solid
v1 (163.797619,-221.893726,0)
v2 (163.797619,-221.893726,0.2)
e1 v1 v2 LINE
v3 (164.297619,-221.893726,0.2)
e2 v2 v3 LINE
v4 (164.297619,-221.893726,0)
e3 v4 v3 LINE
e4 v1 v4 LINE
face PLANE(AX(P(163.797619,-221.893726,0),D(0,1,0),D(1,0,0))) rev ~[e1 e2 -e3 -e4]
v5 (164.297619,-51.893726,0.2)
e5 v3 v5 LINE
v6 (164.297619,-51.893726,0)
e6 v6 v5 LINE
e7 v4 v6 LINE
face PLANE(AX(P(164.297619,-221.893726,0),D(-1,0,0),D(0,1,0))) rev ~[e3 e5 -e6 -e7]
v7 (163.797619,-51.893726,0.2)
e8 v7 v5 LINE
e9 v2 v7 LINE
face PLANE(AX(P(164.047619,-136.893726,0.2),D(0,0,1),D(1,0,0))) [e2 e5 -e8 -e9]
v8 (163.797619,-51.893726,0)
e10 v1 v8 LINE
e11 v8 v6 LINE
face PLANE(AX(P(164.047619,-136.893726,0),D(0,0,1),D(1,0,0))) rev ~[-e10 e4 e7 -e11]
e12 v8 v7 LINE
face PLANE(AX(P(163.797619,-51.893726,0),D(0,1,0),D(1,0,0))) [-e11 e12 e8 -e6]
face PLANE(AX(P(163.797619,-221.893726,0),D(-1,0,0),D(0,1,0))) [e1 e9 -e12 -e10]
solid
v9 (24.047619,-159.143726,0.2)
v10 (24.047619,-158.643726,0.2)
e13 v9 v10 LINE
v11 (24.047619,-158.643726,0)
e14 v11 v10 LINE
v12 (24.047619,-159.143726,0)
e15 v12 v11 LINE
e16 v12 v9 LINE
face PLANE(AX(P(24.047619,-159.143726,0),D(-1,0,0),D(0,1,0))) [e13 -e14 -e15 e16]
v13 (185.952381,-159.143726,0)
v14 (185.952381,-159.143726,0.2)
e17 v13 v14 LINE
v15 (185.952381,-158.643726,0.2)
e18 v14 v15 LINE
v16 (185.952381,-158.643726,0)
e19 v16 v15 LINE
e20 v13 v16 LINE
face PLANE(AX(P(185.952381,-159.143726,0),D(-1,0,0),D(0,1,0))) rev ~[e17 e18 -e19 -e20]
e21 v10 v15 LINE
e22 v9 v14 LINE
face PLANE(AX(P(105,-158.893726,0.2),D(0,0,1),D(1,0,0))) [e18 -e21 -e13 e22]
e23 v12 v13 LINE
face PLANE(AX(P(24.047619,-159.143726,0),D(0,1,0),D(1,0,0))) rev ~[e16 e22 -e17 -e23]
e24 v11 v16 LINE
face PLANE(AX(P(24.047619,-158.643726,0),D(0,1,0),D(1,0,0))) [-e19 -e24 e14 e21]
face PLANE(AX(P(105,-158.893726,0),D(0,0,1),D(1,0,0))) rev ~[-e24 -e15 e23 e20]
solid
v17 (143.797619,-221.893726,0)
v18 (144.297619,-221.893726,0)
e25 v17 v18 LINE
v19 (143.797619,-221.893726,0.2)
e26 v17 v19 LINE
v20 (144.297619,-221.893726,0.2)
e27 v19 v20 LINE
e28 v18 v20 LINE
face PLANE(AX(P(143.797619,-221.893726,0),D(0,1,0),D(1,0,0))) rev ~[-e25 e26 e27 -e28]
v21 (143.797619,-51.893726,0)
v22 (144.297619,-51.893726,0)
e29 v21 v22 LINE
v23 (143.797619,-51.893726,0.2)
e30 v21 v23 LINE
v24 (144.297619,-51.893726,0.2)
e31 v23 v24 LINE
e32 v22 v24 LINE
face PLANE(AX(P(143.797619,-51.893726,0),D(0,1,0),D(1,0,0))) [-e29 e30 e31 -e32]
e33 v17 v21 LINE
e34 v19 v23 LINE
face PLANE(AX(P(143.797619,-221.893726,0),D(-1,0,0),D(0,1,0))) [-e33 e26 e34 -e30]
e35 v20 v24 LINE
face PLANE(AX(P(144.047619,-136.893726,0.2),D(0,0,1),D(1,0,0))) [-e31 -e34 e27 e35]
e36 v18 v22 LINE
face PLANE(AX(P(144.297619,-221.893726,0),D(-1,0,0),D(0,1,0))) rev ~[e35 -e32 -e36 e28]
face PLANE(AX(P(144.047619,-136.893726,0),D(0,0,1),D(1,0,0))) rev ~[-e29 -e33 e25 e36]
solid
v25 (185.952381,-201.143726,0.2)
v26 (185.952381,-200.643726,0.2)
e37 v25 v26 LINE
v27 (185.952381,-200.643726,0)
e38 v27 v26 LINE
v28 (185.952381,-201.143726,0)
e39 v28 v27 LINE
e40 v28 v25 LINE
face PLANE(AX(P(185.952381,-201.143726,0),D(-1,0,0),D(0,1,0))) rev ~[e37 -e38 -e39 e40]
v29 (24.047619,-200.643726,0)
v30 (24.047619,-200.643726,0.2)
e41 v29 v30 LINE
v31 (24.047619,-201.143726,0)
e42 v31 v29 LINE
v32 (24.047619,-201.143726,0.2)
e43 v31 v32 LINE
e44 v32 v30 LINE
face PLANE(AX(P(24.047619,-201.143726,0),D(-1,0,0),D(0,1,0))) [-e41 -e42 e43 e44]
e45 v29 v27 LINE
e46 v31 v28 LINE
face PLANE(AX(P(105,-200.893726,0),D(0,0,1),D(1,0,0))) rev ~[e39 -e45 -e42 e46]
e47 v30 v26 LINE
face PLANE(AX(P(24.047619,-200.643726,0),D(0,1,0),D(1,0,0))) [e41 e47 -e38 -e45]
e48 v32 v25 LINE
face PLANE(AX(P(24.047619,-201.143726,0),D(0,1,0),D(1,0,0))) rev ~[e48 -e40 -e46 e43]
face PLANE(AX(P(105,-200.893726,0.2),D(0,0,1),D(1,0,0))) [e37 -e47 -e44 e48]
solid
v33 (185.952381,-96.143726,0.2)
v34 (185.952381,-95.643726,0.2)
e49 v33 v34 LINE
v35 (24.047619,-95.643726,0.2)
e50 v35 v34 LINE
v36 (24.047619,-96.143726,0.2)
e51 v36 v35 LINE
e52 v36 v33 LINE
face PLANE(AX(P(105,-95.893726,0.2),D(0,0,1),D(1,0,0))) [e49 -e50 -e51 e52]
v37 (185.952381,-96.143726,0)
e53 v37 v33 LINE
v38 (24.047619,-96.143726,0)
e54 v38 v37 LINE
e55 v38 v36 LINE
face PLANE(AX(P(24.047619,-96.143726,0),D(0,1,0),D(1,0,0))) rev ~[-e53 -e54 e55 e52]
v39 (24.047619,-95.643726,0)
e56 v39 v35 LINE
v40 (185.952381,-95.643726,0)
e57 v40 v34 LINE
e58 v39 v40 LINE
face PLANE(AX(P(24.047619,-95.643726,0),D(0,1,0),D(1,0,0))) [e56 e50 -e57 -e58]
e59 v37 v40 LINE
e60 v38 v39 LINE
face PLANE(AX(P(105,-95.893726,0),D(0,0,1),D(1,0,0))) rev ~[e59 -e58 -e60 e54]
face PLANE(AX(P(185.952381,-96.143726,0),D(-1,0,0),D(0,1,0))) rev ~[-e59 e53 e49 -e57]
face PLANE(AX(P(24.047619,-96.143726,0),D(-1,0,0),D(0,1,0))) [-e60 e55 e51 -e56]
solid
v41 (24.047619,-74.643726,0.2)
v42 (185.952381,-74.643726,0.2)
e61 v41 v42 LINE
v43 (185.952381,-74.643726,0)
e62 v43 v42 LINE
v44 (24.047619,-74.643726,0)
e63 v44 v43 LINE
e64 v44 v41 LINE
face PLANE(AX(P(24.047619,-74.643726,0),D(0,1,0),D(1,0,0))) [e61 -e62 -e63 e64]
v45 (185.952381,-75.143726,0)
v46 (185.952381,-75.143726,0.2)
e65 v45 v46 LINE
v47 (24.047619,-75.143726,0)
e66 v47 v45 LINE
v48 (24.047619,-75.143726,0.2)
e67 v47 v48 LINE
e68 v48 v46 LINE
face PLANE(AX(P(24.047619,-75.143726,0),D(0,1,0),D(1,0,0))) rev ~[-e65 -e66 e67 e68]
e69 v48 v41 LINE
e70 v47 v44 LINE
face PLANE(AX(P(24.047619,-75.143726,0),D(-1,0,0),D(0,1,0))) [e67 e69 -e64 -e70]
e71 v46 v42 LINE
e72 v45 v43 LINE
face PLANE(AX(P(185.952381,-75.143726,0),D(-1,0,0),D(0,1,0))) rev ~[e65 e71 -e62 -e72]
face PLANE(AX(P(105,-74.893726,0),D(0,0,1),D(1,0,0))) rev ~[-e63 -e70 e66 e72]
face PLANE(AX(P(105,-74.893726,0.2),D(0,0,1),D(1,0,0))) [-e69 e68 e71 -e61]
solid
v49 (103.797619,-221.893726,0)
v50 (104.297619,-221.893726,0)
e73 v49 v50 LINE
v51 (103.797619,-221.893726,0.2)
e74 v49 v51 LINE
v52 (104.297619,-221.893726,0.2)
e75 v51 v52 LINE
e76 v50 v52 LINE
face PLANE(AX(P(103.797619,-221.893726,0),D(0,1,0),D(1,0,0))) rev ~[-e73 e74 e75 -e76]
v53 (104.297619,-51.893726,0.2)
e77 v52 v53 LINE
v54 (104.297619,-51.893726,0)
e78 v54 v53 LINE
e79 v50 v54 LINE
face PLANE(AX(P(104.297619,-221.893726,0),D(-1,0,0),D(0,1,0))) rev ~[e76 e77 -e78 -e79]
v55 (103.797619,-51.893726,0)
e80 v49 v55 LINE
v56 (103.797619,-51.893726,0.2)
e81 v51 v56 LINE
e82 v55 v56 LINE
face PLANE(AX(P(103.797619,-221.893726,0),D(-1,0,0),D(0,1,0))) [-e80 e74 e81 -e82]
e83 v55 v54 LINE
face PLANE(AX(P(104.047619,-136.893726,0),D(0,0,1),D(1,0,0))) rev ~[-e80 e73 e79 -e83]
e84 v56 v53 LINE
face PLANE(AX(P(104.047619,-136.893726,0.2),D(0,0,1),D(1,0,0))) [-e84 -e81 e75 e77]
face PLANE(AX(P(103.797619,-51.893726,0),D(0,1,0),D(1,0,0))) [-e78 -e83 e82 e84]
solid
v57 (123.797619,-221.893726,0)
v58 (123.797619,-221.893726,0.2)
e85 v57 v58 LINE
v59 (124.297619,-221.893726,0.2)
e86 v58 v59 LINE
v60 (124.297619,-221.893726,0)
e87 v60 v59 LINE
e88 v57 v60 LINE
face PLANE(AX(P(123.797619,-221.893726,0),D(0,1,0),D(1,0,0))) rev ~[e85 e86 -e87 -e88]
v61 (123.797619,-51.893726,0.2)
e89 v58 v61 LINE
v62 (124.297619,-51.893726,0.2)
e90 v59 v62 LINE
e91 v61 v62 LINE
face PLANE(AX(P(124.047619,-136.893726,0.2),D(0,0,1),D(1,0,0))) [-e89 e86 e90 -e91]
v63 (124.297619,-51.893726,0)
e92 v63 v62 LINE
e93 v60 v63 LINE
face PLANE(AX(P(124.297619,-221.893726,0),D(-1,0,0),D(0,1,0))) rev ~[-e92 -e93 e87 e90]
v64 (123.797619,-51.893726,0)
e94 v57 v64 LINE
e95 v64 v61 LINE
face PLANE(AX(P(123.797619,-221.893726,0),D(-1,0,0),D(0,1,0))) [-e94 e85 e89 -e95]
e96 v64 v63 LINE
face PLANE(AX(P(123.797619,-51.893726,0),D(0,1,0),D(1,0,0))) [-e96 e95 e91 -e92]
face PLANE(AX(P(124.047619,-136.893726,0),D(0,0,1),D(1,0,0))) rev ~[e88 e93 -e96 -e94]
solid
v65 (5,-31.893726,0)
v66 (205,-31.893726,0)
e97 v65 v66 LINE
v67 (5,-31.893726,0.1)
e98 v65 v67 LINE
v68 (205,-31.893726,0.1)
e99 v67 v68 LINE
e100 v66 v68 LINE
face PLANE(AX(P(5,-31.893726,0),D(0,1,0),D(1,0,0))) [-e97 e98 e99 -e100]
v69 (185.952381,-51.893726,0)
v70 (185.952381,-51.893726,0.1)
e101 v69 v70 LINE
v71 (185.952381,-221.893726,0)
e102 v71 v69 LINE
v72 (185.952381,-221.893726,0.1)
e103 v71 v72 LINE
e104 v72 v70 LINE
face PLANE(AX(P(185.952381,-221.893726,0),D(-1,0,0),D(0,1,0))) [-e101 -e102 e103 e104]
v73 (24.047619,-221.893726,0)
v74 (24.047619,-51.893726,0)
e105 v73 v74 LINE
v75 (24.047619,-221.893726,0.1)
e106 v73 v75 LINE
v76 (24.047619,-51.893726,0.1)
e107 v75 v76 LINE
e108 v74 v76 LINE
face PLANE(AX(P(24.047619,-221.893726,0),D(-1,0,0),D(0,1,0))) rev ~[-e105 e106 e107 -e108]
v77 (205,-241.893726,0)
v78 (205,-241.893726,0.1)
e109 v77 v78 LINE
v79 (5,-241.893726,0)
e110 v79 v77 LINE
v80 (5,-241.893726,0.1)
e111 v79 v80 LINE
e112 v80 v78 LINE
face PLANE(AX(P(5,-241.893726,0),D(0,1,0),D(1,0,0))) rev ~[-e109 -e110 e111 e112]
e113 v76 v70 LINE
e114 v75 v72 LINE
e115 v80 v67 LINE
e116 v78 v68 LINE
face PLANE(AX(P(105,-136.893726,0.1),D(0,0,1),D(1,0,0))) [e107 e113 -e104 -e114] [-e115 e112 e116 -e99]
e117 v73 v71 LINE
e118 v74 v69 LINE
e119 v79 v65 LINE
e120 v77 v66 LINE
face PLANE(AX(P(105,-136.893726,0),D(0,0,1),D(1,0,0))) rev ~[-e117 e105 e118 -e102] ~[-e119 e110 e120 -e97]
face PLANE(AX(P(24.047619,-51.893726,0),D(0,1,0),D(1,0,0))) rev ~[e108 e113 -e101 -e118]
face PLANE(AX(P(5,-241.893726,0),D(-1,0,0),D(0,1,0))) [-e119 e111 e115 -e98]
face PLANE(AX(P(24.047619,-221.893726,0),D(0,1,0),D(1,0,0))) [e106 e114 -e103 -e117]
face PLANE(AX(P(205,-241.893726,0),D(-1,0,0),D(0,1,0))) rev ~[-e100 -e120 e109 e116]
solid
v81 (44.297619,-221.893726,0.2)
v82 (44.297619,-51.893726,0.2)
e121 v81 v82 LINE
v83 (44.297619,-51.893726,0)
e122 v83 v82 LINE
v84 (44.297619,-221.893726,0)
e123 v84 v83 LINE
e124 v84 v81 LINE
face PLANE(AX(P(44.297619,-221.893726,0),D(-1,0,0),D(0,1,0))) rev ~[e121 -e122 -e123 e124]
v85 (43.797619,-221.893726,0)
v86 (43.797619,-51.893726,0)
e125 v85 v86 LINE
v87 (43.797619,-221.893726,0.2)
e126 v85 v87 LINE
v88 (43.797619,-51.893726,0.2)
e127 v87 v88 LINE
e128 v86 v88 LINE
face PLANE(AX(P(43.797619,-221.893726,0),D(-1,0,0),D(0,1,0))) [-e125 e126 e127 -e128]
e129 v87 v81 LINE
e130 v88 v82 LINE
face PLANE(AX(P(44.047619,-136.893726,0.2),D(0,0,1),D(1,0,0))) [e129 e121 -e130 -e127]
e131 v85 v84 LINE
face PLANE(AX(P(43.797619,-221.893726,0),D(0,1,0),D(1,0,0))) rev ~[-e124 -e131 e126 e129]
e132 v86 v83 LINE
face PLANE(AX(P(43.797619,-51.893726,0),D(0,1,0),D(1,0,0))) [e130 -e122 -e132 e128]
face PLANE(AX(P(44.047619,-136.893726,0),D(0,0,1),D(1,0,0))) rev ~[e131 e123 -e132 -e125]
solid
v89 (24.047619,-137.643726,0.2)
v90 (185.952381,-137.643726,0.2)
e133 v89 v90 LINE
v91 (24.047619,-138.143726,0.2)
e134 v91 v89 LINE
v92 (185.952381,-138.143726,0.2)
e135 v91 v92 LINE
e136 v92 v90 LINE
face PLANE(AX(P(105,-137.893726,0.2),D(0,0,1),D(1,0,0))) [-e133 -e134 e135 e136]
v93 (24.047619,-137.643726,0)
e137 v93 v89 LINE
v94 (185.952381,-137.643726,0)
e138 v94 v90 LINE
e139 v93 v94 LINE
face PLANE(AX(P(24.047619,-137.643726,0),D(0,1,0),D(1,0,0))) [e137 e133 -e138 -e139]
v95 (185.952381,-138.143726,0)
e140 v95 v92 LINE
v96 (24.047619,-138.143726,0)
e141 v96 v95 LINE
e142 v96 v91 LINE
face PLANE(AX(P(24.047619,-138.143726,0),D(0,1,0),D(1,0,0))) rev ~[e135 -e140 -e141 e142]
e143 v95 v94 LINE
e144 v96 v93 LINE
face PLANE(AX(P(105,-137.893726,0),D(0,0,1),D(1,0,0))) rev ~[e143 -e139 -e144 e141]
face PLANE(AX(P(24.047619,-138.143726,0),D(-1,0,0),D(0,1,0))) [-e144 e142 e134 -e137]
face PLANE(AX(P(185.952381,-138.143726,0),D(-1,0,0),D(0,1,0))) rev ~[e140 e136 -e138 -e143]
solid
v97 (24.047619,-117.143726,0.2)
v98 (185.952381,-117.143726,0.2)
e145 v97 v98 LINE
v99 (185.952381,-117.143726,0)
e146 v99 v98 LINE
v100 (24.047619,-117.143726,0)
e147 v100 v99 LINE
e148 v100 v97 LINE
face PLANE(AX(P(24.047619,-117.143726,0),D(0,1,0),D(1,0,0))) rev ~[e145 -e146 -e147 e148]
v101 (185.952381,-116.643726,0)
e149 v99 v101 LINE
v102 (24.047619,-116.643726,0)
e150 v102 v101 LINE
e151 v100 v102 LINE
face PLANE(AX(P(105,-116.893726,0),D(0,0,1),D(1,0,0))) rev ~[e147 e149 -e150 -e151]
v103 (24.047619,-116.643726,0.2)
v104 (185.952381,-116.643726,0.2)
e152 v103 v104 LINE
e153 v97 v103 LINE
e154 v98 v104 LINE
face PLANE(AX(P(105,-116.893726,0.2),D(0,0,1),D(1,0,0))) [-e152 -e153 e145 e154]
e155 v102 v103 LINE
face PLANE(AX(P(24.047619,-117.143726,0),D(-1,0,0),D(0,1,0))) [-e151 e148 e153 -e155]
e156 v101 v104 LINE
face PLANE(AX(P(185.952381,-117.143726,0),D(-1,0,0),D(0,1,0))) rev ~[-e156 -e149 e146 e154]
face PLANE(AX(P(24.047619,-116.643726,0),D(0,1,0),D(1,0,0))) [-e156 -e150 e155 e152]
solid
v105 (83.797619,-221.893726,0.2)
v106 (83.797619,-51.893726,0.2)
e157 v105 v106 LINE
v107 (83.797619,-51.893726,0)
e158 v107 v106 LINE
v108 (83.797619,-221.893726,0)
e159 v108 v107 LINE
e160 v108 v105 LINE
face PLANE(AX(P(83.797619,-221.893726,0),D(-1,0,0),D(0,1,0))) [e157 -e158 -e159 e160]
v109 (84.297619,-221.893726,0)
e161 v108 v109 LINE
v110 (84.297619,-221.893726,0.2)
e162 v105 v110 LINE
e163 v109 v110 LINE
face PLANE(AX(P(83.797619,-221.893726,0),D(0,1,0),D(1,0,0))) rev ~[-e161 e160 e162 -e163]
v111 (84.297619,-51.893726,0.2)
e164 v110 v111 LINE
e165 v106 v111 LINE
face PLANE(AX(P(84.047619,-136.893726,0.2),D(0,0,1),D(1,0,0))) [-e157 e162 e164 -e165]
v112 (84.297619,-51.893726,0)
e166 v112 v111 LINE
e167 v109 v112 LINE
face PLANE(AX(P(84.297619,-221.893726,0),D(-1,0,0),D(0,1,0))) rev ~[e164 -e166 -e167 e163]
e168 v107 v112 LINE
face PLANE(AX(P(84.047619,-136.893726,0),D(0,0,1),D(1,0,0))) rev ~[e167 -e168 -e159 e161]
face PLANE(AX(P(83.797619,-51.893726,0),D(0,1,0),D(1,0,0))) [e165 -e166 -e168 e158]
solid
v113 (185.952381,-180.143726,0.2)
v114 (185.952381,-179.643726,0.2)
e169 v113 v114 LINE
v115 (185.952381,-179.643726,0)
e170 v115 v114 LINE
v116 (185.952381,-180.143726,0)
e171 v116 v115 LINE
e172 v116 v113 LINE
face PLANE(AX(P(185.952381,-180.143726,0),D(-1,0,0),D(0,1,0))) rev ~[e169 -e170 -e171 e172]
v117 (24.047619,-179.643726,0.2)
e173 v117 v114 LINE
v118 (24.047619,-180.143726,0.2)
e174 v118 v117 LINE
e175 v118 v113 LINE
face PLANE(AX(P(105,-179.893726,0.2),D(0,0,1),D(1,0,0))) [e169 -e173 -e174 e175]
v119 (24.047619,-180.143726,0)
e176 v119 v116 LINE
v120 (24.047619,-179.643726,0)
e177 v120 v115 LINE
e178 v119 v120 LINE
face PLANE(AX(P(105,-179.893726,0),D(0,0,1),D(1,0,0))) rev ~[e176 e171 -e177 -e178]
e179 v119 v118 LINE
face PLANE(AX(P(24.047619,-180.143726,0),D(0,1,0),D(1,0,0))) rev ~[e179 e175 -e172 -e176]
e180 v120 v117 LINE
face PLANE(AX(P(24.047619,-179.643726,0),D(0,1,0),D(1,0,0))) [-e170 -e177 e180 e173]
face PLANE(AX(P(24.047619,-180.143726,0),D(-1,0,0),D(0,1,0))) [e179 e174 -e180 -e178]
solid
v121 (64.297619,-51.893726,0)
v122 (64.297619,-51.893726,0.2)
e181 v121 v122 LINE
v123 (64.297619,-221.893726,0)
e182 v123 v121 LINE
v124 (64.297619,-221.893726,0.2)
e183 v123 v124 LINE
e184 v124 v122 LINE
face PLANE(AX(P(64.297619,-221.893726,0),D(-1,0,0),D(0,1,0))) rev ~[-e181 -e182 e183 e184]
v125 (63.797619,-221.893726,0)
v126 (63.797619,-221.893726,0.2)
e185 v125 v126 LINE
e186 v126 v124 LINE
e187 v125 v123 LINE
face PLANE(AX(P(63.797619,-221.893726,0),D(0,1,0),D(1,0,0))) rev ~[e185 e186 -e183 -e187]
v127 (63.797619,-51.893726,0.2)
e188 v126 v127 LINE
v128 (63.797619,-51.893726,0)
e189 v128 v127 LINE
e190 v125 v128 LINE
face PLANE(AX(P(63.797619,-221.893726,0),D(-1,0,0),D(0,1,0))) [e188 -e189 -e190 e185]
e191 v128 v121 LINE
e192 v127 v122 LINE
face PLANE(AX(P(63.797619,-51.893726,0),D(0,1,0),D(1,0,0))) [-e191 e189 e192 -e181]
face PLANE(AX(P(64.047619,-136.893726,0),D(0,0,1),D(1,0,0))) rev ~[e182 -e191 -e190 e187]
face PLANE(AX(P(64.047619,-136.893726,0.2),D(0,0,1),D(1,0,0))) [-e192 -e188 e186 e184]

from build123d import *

# Parameters (mm, degrees)
SKETCH_2_W           = 200
SKETCH_2_H           = 210
SKETCH_2_W_2         = 161.904761904
SKETCH_2_H_2         = 170
EXTRUDE_1_DEPTH      = 0.1
SKETCH_3_W           = 0.5
SKETCH_3_H           = 170
EXTRUDE_1_2_DEPTH    = 0.2
EXTRUDE_1_2_2_DEPTH  = 0.2
EXTRUDE_1_2_3_DEPTH  = 0.2
EXTRUDE_1_2_4_DEPTH  = 0.2
EXTRUDE_1_2_5_DEPTH  = 0.2
EXTRUDE_1_2_6_DEPTH  = 0.2
EXTRUDE_1_2_7_DEPTH  = 0.2
SKETCH_3_W_2         = 161.904761904
SKETCH_3_H_2         = 0.5
EXTRUDE_1_2_8_DEPTH  = 0.2
EXTRUDE_1_2_9_DEPTH  = 0.2
EXTRUDE_1_2_10_DEPTH = 0.2
EXTRUDE_1_2_11_DEPTH = 0.2
EXTRUDE_1_2_12_DEPTH = 0.2
EXTRUDE_1_2_13_DEPTH = 0.2
EXTRUDE_1_2_14_DEPTH = 0.2


with BuildPart() as part:
    # 草图2 → Extrude 1 (new body)
    with BuildSketch(Plane.XY):
        with Locations((105, -136.893726012)):
            Rectangle(SKETCH_2_W, SKETCH_2_H)
        with Locations((105, -136.893726012)):
            Rectangle(SKETCH_2_W_2, SKETCH_2_H_2, mode=Mode.SUBTRACT)
    extrude(amount=EXTRUDE_1_DEPTH)


with BuildPart() as body_2:
    # 草图3 → Extrude 1 2 (new body)
    with BuildSketch(Plane.XY):
        with Locations((44.047619048, -136.893726012)):
            Rectangle(SKETCH_3_W, SKETCH_3_H)
    extrude(amount=EXTRUDE_1_2_DEPTH)


with BuildPart() as body_3:
    # 草图3 → Extrude 1 2 2 (new body)
    with BuildSketch(Plane.XY):
        with Locations((64.047619048, -136.893726012)):
            Rectangle(SKETCH_3_W, SKETCH_3_H)
    extrude(amount=EXTRUDE_1_2_2_DEPTH)


with BuildPart() as body_4:
    # 草图3 → Extrude 1 2 3 (new body)
    with BuildSketch(Plane.XY):
        with Locations((84.047619048, -136.893726012)):
            Rectangle(SKETCH_3_W, SKETCH_3_H)
    extrude(amount=EXTRUDE_1_2_3_DEPTH)


with BuildPart() as body_5:
    # 草图3 → Extrude 1 2 4 (new body)
    with BuildSketch(Plane.XY):
        with Locations((104.047619048, -136.893726012)):
            Rectangle(SKETCH_3_W, SKETCH_3_H)
    extrude(amount=EXTRUDE_1_2_4_DEPTH)


with BuildPart() as body_6:
    # 草图3 → Extrude 1 2 5 (new body)
    with BuildSketch(Plane.XY):
        with Locations((124.047619048, -136.893726012)):
            Rectangle(SKETCH_3_W, SKETCH_3_H)
    extrude(amount=EXTRUDE_1_2_5_DEPTH)


with BuildPart() as body_7:
    # 草图3 → Extrude 1 2 6 (new body)
    with BuildSketch(Plane.XY):
        with Locations((144.047619048, -136.893726012)):
            Rectangle(SKETCH_3_W, SKETCH_3_H)
    extrude(amount=EXTRUDE_1_2_6_DEPTH)


with BuildPart() as body_8:
    # 草图3 → Extrude 1 2 7 (new body)
    with BuildSketch(Plane.XY):
        with Locations((164.047619048, -136.893726012)):
            Rectangle(SKETCH_3_W, SKETCH_3_H)
    extrude(amount=EXTRUDE_1_2_7_DEPTH)


with BuildPart() as body_9:
    # 草图3 → Extrude 1 2 8 (new body)
    with BuildSketch(Plane.XY):
        with Locations((105, -200.893726012)):
            Rectangle(SKETCH_3_W_2, SKETCH_3_H_2)
    extrude(amount=EXTRUDE_1_2_8_DEPTH)


with BuildPart() as body_10:
    # 草图3 → Extrude 1 2 9 (new body)
    with BuildSketch(Plane.XY):
        with Locations((105, -179.893726012)):
            Rectangle(SKETCH_3_W_2, SKETCH_3_H_2)
    extrude(amount=EXTRUDE_1_2_9_DEPTH)


with BuildPart() as body_11:
    # 草图3 → Extrude 1 2 10 (new body)
    with BuildSketch(Plane.XY):
        with Locations((105, -158.893726012)):
            Rectangle(SKETCH_3_W_2, SKETCH_3_H_2)
    extrude(amount=EXTRUDE_1_2_10_DEPTH)


with BuildPart() as body_12:
    # 草图3 → Extrude 1 2 11 (new body)
    with BuildSketch(Plane.XY):
        with Locations((105, -137.893726012)):
            Rectangle(SKETCH_3_W_2, SKETCH_3_H_2)
    extrude(amount=EXTRUDE_1_2_11_DEPTH)


with BuildPart() as body_13:
    # 草图3 → Extrude 1 2 12 (new body)
    with BuildSketch(Plane.XY):
        with Locations((105, -116.893726012)):
            Rectangle(SKETCH_3_W_2, SKETCH_3_H_2)
    extrude(amount=EXTRUDE_1_2_12_DEPTH)


with BuildPart() as body_14:
    # 草图3 → Extrude 1 2 13 (new body)
    with BuildSketch(Plane.XY):
        with Locations((105, -95.893726012)):
            Rectangle(SKETCH_3_W_2, SKETCH_3_H_2)
    extrude(amount=EXTRUDE_1_2_13_DEPTH)


with BuildPart() as body_15:
    # 草图3 → Extrude 1 2 14 (new body)
    with BuildSketch(Plane.XY):
        with Locations((105, -74.893726012)):
            Rectangle(SKETCH_3_W_2, SKETCH_3_H_2)
    extrude(amount=EXTRUDE_1_2_14_DEPTH)


solid = Compound([part.part, body_2.part, body_3.part, body_4.part, body_5.part, body_6.part, body_7.part, body_8.part, body_9.part, body_10.part, body_11.part, body_12.part, body_13.part, body_14.part, body_15.part])
